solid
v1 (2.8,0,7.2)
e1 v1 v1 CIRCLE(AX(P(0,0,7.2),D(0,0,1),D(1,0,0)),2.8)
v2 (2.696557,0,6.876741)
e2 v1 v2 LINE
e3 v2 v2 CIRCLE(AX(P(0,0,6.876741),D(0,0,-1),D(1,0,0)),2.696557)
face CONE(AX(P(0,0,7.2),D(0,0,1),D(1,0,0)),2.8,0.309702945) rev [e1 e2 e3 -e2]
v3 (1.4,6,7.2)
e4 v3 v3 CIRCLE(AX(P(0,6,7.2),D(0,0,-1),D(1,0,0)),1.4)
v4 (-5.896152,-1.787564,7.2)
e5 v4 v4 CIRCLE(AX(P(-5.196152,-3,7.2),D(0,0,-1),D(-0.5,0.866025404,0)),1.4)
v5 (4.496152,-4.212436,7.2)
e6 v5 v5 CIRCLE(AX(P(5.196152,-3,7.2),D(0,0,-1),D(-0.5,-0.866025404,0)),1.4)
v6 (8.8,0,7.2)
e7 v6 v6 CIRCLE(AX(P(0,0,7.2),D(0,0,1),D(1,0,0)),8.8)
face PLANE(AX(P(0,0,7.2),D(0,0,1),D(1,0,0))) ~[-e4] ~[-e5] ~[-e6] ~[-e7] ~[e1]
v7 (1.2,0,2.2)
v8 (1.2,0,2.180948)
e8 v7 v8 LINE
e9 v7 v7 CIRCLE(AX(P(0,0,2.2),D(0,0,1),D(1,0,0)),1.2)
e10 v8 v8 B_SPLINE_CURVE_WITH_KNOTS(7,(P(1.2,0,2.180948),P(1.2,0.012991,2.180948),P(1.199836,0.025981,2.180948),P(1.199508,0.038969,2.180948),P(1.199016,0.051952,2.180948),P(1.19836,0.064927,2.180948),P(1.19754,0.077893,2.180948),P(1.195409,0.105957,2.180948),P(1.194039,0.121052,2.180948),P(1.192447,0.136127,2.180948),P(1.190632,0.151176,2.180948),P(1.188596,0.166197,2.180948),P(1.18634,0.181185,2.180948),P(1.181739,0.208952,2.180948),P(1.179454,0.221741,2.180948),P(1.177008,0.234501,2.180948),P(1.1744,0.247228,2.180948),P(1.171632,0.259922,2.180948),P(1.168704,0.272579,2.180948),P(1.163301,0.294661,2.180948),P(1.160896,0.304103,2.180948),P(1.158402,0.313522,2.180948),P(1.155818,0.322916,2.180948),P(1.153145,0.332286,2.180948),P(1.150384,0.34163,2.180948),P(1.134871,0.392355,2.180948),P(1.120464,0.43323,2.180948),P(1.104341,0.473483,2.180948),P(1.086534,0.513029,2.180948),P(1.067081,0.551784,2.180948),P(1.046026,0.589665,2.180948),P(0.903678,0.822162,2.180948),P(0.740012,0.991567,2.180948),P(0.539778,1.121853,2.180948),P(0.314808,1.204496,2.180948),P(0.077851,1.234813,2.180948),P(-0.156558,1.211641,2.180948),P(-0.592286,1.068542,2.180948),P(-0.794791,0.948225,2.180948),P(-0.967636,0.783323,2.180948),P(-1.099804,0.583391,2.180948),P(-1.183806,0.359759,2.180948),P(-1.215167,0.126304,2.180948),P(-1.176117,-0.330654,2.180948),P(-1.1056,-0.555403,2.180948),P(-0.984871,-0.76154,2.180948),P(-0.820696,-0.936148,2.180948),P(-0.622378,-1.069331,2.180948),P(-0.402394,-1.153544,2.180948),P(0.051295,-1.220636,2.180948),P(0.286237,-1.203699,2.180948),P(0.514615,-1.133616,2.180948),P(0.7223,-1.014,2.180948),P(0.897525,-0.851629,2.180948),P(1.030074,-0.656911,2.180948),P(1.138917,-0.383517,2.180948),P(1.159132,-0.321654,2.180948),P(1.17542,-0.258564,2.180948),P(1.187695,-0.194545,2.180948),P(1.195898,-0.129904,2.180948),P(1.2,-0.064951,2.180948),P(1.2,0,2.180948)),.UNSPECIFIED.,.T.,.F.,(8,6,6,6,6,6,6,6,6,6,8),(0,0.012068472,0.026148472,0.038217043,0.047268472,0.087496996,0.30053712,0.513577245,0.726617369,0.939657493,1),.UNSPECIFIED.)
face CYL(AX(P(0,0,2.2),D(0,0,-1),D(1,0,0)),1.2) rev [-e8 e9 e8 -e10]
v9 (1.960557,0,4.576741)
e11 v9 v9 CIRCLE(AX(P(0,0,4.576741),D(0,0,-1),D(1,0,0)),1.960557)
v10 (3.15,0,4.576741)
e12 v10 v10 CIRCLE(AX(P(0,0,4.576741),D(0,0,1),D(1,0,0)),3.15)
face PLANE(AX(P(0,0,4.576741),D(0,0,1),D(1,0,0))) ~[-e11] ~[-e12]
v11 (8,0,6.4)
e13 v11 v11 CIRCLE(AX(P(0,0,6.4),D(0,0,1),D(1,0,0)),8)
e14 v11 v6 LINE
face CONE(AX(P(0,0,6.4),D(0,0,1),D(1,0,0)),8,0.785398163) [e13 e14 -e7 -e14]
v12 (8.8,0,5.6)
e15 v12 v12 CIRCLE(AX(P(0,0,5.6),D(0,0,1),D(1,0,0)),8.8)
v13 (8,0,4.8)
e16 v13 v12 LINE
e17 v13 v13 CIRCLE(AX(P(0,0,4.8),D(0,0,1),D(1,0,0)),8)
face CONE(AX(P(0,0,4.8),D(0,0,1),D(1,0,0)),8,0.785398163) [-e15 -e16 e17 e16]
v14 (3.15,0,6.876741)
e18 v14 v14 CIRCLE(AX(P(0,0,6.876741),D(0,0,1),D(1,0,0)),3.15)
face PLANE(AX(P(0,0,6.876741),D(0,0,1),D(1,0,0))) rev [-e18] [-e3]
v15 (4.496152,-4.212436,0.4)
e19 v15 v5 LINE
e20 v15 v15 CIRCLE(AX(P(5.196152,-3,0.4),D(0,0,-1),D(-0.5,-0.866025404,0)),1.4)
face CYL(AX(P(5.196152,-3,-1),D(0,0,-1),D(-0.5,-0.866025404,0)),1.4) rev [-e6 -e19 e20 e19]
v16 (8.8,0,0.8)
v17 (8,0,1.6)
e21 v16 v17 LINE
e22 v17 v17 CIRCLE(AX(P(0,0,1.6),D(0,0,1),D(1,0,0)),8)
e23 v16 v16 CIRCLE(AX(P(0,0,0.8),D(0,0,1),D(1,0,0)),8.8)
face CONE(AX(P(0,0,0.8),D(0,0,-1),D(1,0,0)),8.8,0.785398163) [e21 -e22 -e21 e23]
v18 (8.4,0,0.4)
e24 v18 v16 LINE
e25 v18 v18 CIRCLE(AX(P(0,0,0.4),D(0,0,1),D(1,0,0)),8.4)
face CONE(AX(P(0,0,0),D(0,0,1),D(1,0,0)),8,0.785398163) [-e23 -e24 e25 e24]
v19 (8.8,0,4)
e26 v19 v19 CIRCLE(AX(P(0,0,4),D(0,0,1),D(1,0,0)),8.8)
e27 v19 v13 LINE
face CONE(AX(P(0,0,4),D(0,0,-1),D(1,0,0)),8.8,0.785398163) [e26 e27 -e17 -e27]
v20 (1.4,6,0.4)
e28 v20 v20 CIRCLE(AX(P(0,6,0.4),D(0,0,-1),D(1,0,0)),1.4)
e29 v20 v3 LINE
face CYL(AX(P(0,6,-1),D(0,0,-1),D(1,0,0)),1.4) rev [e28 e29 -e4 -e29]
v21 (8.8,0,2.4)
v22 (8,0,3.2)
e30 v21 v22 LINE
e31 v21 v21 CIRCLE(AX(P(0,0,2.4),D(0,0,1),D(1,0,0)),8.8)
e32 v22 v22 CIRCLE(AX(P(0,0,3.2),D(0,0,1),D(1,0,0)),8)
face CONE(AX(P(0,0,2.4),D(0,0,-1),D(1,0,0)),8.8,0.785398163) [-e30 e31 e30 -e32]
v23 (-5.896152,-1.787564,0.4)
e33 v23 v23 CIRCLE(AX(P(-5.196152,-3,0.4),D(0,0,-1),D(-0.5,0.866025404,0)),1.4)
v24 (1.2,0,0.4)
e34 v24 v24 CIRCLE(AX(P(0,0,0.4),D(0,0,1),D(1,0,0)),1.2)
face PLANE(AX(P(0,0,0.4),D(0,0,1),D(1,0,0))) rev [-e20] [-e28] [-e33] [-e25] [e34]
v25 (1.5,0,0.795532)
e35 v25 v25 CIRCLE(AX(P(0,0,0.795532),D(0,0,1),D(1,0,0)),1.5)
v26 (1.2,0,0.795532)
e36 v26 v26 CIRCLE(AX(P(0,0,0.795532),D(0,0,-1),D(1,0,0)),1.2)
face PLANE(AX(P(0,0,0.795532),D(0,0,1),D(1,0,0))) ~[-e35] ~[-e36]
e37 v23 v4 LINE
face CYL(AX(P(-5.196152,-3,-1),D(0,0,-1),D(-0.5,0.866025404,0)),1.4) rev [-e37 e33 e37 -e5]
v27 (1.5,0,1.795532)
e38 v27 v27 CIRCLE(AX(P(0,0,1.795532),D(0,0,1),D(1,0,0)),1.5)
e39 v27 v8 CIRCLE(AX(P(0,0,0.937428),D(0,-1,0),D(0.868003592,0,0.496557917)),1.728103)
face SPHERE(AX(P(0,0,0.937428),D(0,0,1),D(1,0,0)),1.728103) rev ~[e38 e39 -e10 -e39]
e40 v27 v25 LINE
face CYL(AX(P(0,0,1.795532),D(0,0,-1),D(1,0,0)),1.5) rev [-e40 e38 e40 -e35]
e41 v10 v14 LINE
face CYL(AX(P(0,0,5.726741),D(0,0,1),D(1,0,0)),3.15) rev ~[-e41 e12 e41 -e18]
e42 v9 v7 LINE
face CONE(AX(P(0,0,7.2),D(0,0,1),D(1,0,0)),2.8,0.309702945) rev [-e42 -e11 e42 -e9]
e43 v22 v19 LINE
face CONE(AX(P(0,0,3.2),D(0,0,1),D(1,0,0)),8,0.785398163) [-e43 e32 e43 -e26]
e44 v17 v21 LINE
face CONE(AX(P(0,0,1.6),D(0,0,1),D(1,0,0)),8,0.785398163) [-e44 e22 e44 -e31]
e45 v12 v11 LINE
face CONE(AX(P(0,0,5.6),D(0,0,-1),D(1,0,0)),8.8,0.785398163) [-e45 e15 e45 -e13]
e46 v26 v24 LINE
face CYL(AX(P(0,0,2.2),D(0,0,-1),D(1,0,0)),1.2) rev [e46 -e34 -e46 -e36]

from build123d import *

# Parameters (mm, degrees)
CYLINDER_R     = 1.4
CYLINDER_DEPTH = 10
ARRAY001_COUNT = 3
SKETCH018_W    = 3.15
SKETCH018_H    = 2.3
SKETCH002_W    = 5
SKETCH002_H    = 6.8
ARRAY_Z_COUNT  = 6
ARRAY_Z_PITCH  = 1.6


with BuildPart() as boltholes:
    # Cylinder → Cylinder (new body)
    with BuildSketch(Plane(origin=(0, 6, -1), x_dir=(1, 0, 0), z_dir=(0, 0, 1))):
        Circle(CYLINDER_R)
    extrude(amount=CYLINDER_DEPTH)

    # Array001: BoltHoles ×3 about axis
    array001_axis = Axis((0, 0, 0), (0, 0, 1))


with BuildPart() as boltholes_1:
    add(boltholes.part)
    for i in range(1, ARRAY001_COUNT):
        add(boltholes.part.rotate(array001_axis, i * 360 / ARRAY001_COUNT))


with BuildPart() as ps2long001:
    # Sketch018 → Revolution007 (revolve)
    with BuildSketch(Plane.XZ):
        with Locations((1.575, 5.7267413876)):
            Rectangle(SKETCH018_W, SKETCH018_H)
    revolve(axis=Axis((0, 0, 0), (0, 0, 1)))


with BuildPart() as clone_of_laq:
    # Sketch007 → Revolution006 (revolve)
    with BuildSketch(Plane.XZ):
        with BuildLine():
            ThreePointArc((1.5, 1.7955317108), (0.867020761, 2.4322916436), (0, 2.6655317108))
            Line((0, 2.6655317108), (0, 0.7955317108))
            Line((0, 0.7955317108), (1.5, 0.7955317108))
            Line((1.5, 1.7955317108), (1.5, 0.7955317108))
        make_face()
    revolve(axis=Axis((0, 0, 0), (0, 0, 1)))


with BuildPart() as innergroovedom001:
    # Sketch002 → Revolution002 (revolve)
    with BuildSketch(Plane.XZ):
        with Locations((7.5, 3.8)):
            Rectangle(SKETCH002_W, SKETCH002_H)
    revolve(axis=Axis((0, 0, 0), (0, 0, 1)))


with BuildPart() as innergroovetool:
    # Sketch001 → Revolution001 (revolve)
    with BuildSketch(Plane.XZ):
        Polygon((4, 8), (4, 6.4), (8, 6.4), (8.8, 7.2), (8, 8), align=None)
    revolve(axis=Axis((0, 0, 0), (0, 0, 1)))

    # Array Z: InnerGrooveTool ×6


with BuildPart() as innergroovetool_1:
    add(innergroovetool.part)
    with Locations(*[(0, 0, -i * ARRAY_Z_PITCH) for i in range(1, ARRAY_Z_COUNT)]):
        add(innergroovetool.part)

    # Common: intersect InnerGrooveDom001
    add(innergroovedom001.part, mode=Mode.INTERSECT)


with BuildPart() as boltholes001:
    # Sketch → Revolution (revolve)
    with BuildSketch(Plane.XZ):
        Polygon((1.2, 0.4), (8, 0.4), (8, 7.2), (2.8, 7.2), (1.2, 2.2), align=None)
    revolve(axis=Axis((0, 0, 0), (0, 0, 1)))

    # Fusion001: union InnerGrooveTool
    add(innergroovetool_1.part)

    # Cut: cut Clone of LAQ
    add(clone_of_laq.part, mode=Mode.SUBTRACT)

    # Cut003: cut PS2Long001
    add(ps2long001.part, mode=Mode.SUBTRACT)

    # Cut001: cut BoltHoles
    add(boltholes_1.part, mode=Mode.SUBTRACT)


solid = boltholes001.part
